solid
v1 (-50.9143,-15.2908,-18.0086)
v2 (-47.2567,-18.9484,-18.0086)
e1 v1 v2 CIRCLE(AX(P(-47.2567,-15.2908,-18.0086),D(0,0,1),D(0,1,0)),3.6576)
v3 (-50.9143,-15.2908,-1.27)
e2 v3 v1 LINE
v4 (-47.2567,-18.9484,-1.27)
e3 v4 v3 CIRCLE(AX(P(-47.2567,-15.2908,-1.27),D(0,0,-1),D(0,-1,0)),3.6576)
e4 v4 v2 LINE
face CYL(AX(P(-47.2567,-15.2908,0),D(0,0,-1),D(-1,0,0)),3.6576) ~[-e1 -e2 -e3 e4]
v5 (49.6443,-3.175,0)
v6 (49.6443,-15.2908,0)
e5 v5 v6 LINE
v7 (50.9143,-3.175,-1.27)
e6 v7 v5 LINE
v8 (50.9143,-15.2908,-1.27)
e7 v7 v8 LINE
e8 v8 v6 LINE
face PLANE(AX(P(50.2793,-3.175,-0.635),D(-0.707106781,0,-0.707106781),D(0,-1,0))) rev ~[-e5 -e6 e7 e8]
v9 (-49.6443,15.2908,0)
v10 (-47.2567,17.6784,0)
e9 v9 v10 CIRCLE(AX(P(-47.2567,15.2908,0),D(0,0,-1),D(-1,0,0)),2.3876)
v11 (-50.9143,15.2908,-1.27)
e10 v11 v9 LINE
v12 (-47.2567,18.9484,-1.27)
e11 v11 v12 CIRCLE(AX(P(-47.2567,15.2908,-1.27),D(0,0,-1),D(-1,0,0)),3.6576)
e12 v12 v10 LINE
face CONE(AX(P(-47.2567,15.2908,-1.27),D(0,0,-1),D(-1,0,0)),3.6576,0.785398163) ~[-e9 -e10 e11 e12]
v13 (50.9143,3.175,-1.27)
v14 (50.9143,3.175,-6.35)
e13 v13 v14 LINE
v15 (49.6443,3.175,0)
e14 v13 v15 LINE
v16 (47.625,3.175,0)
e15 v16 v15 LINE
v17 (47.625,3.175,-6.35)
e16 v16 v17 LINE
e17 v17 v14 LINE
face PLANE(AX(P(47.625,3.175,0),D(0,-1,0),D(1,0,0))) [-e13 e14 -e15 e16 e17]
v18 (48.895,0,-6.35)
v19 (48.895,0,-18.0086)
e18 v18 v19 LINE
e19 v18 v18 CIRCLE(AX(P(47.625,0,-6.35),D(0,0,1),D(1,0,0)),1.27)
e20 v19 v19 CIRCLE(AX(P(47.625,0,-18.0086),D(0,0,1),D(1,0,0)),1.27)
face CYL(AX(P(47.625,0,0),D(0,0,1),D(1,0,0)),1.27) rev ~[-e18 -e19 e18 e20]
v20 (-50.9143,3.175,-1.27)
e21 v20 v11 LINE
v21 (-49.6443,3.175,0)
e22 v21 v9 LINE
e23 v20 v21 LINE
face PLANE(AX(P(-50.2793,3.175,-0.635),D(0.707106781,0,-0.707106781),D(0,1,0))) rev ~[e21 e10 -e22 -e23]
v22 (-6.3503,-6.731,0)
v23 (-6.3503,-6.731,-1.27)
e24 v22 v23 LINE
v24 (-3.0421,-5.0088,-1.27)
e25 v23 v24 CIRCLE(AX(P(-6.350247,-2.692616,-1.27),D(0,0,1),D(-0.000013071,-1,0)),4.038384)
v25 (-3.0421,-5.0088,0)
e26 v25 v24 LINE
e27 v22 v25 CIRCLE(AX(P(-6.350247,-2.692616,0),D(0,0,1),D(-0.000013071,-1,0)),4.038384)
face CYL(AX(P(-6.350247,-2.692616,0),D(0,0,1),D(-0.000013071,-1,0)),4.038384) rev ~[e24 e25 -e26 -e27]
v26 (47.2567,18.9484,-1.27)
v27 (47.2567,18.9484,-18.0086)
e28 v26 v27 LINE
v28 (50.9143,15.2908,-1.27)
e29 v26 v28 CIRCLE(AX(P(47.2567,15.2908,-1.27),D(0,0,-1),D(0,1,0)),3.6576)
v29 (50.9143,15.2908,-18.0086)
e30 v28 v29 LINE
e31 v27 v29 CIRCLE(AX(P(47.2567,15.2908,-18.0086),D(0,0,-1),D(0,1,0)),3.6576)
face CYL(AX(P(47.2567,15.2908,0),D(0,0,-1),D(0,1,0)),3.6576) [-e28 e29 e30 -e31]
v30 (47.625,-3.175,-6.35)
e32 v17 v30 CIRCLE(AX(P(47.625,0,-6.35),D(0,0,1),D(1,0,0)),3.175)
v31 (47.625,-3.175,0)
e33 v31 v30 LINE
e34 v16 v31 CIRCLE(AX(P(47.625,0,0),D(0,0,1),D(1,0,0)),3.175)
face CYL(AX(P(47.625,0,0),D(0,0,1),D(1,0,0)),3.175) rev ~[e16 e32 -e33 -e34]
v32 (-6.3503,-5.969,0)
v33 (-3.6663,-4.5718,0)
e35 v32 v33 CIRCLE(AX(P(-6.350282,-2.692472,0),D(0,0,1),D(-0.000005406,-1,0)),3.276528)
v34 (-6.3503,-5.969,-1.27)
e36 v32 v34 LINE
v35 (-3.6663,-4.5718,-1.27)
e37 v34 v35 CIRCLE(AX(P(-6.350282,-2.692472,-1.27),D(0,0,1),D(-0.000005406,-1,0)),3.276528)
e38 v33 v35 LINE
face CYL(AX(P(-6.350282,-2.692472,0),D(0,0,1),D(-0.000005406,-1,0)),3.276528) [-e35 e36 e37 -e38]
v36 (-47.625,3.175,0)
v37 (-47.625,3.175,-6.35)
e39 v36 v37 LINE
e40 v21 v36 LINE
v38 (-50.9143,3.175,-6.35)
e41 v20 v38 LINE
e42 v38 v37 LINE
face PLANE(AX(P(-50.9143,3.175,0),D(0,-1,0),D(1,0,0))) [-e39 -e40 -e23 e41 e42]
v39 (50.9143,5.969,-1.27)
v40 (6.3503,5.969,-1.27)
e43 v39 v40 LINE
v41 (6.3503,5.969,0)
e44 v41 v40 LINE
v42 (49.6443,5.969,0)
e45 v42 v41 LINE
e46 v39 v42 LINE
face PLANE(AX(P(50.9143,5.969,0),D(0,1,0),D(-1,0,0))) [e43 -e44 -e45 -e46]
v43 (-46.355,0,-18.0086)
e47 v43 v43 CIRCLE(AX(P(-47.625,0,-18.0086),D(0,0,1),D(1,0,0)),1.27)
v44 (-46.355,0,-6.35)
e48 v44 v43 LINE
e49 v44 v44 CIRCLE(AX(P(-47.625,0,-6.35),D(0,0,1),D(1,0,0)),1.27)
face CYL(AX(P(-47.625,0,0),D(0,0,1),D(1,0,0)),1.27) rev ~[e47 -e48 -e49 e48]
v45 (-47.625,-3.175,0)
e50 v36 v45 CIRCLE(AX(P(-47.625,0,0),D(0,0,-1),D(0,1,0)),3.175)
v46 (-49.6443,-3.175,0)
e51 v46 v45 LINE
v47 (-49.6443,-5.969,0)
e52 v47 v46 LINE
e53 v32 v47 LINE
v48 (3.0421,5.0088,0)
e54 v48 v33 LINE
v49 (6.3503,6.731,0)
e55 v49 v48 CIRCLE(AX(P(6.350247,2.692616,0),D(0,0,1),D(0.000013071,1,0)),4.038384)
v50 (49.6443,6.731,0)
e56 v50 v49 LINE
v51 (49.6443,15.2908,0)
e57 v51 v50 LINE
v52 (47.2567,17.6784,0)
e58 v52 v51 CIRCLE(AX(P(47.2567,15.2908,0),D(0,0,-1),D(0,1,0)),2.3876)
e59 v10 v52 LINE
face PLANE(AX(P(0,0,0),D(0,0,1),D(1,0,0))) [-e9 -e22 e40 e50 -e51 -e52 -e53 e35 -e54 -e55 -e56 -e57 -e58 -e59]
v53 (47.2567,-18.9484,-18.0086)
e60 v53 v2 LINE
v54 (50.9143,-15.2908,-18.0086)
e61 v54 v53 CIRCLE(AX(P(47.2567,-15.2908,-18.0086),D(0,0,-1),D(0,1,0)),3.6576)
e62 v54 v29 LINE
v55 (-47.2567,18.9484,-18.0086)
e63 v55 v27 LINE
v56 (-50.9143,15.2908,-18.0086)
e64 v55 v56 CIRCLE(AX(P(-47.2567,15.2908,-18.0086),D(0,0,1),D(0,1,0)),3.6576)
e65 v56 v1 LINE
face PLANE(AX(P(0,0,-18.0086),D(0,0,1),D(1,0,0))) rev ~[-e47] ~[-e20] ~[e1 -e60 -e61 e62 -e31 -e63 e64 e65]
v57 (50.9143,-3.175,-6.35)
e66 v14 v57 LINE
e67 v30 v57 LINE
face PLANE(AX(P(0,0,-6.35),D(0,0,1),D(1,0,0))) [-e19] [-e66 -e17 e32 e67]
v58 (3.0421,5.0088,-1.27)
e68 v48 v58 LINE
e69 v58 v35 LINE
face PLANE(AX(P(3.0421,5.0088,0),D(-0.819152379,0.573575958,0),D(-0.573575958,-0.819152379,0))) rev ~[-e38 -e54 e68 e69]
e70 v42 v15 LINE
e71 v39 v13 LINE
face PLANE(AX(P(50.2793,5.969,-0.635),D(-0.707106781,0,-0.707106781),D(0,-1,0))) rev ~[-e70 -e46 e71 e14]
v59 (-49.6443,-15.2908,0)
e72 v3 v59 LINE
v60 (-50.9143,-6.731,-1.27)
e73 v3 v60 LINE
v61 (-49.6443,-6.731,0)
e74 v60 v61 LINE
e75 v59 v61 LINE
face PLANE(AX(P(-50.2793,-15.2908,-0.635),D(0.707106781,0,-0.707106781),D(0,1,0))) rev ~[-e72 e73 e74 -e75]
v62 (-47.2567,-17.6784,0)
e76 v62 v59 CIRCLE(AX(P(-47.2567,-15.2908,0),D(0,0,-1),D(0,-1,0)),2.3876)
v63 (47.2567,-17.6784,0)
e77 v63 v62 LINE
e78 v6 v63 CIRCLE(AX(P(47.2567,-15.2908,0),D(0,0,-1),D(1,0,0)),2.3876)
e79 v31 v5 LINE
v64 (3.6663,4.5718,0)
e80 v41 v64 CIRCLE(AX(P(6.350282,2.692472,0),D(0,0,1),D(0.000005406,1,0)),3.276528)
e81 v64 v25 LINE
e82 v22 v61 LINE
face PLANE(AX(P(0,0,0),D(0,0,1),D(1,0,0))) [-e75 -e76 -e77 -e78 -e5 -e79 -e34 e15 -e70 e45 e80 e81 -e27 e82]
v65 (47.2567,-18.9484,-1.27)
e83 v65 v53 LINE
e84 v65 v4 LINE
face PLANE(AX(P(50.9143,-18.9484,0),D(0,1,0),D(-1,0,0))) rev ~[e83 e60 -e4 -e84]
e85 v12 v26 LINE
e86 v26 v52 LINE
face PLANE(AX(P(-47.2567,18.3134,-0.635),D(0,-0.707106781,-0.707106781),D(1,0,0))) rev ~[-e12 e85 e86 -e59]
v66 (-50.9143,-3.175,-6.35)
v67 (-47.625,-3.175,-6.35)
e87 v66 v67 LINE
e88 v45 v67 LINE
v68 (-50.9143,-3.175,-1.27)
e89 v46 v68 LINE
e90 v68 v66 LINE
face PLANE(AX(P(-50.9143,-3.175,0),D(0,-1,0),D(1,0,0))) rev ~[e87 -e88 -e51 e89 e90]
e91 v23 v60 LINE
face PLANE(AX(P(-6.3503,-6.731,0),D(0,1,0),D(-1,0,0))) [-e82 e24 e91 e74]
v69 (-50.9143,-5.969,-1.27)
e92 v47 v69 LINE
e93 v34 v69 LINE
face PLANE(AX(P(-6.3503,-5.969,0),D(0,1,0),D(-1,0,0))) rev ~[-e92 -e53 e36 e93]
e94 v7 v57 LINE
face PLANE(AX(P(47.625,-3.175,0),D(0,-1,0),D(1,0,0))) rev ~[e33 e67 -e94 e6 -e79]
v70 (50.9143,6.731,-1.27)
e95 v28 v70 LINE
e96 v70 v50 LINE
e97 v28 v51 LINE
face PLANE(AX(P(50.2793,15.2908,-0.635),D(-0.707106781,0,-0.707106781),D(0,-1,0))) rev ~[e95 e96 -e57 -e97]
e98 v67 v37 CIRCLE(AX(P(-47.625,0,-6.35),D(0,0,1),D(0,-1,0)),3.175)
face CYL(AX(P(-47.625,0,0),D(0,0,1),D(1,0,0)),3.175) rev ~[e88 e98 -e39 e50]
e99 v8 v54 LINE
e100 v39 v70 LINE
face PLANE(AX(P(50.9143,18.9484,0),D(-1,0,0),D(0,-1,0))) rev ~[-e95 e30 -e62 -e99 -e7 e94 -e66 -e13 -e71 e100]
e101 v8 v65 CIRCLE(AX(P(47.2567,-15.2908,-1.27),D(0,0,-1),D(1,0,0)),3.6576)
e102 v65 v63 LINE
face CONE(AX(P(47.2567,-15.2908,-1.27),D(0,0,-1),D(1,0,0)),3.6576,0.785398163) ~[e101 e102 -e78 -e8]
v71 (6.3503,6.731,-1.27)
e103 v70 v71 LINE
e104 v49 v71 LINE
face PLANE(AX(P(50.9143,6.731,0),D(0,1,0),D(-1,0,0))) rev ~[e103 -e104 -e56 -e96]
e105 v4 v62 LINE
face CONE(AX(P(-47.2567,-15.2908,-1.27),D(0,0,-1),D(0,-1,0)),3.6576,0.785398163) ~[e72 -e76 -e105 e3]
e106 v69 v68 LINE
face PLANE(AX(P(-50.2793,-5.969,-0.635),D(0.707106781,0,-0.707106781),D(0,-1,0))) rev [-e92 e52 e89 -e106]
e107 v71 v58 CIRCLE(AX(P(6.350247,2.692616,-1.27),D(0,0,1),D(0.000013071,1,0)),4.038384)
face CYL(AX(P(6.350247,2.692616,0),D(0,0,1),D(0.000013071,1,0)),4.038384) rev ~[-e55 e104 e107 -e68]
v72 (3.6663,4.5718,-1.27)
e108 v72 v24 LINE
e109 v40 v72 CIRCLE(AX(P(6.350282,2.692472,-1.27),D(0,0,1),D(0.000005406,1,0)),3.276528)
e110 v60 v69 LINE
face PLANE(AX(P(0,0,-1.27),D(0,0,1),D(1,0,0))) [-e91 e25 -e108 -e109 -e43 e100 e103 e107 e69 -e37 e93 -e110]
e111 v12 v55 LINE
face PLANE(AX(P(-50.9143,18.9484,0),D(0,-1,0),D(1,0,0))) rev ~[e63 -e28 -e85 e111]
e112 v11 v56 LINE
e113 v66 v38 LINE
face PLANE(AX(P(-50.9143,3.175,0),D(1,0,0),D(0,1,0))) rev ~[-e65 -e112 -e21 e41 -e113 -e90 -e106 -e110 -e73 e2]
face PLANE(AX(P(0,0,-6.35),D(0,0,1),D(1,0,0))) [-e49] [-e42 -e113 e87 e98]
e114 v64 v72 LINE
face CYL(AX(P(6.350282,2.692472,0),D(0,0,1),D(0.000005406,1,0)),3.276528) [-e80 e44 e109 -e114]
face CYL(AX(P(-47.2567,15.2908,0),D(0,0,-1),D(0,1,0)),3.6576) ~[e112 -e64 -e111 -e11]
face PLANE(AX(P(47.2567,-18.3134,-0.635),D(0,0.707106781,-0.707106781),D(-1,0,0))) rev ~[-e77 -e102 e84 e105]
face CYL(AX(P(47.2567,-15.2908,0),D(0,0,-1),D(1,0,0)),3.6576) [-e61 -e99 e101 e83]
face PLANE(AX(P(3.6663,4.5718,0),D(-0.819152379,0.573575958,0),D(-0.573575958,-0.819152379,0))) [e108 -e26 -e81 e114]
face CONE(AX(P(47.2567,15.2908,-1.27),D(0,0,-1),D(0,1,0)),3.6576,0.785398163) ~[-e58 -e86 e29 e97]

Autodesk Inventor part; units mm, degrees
ref_plane "YZ Plane" through (0, 0, 0) normal (1, 0, 0) x (0, 1, 0)
ref_plane "XZ Plane" through (0, 0, 0) normal (0, 1, 0) x (-1, 0, 0)
ref_plane "XY Plane" through (0, 0, 0) normal (0, 0, 1) x (1, 0, 0)
sketch "FishmanModern8" plane through (0, 0, 0) normal (0, 0, 1) x (1, 0, 0)
  line L0 (-50.9143, 0) -> (50.9143, 0) construction
  line L1 (0, 18.9484) -> (0, -18.9484) construction
  line L2 (-50.9143, 18.9484) -> (50.9143, 18.9484)
  line L3 (50.9143, 18.9484) -> (50.9143, -18.9484)
  line L4 (50.9143, -18.9484) -> (-50.9143, -18.9484)
  line L5 (-50.9143, -18.9484) -> (-50.9143, 18.9484)
  circle A0 centre (-47.625, 0) radius 1.27
  circle A1 centre (47.625, 0) radius 1.27
  line L6 (-3.3542, -4.7903) -> (3.3542, 4.7903)
  line L7 (-6.3503, -6.35) -> (-50.9143, -6.35)
  line L8 (6.3503, 6.35) -> (50.9143, 6.35)
  circle A2 centre (-47.625, 0) radius 3.175
  circle A3 centre (47.625, 0) radius 3.175
  line L9 (-50.9143, 3.175) -> (-47.625, 3.175)
  line L10 (-50.9143, -3.175) -> (-47.625, -3.175)
  line L11 (47.625, 3.175) -> (50.9143, 3.175)
  line L12 (47.625, -3.175) -> (50.9143, -3.175)
  arc A4 (6.3503, 6.35) -> (3.3542, 4.7903) centre (6.3503, 2.6924) ccw
  arc A5 (-6.3503, -6.35) -> (-3.3542, -4.7903) centre (-6.3503, -2.6924) ccw
  line L13 (50.9143, 6.731) -> (6.3503, 6.731)
  arc A6 (6.3503, 6.731) -> (3.0421, 5.0088) centre (6.3503, 2.6924) ccw
  line L14 (3.0421, 5.0088) -> (-3.6663, -4.5718)
  arc A7 (-6.3503, -5.969) -> (-3.6663, -4.5718) centre (-6.3503, -2.6924) ccw
  line L15 (-6.3503, -5.969) -> (-50.9143, -5.969)
  line L16 (50.9143, 5.969) -> (6.3503, 5.969)
  arc A8 (6.3503, 5.969) -> (3.6663, 4.5718) centre (6.3503, 2.6924) ccw
  line L17 (3.6663, 4.5718) -> (-3.0421, -5.0088)
  arc A9 (-6.3503, -6.731) -> (-3.0421, -5.0088) centre (-6.3503, -2.6924) ccw
  line L18 (-6.3503, -6.731) -> (-50.9143, -6.731)
  line L19 (-50.9143, -5.969) -> (-50.9143, -6.731)
  line L20 (50.9143, 6.731) -> (50.9143, 5.969)
  point P0 (0, 0)
  point P1 (0, 0)
  dimension "d72" = 101.8286
  dimension "d73" = 37.8968
  dimension "d74" = 2.54
  dimension "d75" = 95.25
  dimension "d76" = 47.625
  dimension "d77" = 47.625
  dimension "d78" = 55
  dimension "d79" = 6.35
  dimension "d80" = 6.35
  dimension "d81" = 6.35
  dimension "d85" = 3.6576
  dimension "d86" = 0.381
  dimension "d87" = 0.381
extrude "FishmanModern8Feature" add sketch "FishmanModern8" against normal blind 18.0086 contours L2 L3 L13 A6 L14 A7 L15 L5 L10 A2 L9 | L9 A2 L10 L5 | L3 L8 A4 L6 A5 L7 L5 L15 A7 L14 A6 L13 | A2 | L3 L16 A8 L17 A9 L18 L5 L7 A5 L6 A4 L8 | L3 L11 A3 L12 L4 L5 L18 A9 L17 A8 L16 | L3 L12 A3 L11 | A3 | A0 | A1
fillet "FishmanModern8FilletsFeature" radius 3.6576 4 edges at (-50.9143, 18.9484, -9.0043) (-50.9143, -18.9484, -9.0043) (50.9143, 18.9484, -9.0043) (50.9143, -18.9484, -9.0043)
extrude "FishmanModern8IndentFeature" cut sketch "FishmanModern8" against normal blind 1.27 contours L3 L8 A4 L6 A5 L7 L5 L15 A7 L14 A6 L13 | L3 L16 A8 L17 A9 L18 L5 L7 A5 L6 A4 L8
extrude "FishmanModern8MountsFeature" cut sketch "FishmanModern8" against normal through all contours A0 | A1
extrude "FishmanModern8CountersinksFeature" cut sketch "FishmanModern8" against normal blind 6.35 contours L9 A2 L10 L5 | A2 | L3 L12 A3 L11 | A3 | A1
chamfer "FishmanModern8ChamferFeature" distance 1.27 angle 45 12 edges at (0, 18.9484, 0) (-49.843, 17.8771, 0) (-50.9143, 9.2329, 0) (49.843, 17.8771, 0) (50.9143, 11.0109, 0) (0, -18.9484, 0) (49.843, -17.8771, 0) (50.9143, -9.2329, 0) (-49.843, -17.8771, 0) (-50.9143, -11.0109, 0) (-50.9143, -4.572, 0) (50.9143, 4.572, 0)
equation "\"d76\" = d77"
properties part number "fishman-modern8"
